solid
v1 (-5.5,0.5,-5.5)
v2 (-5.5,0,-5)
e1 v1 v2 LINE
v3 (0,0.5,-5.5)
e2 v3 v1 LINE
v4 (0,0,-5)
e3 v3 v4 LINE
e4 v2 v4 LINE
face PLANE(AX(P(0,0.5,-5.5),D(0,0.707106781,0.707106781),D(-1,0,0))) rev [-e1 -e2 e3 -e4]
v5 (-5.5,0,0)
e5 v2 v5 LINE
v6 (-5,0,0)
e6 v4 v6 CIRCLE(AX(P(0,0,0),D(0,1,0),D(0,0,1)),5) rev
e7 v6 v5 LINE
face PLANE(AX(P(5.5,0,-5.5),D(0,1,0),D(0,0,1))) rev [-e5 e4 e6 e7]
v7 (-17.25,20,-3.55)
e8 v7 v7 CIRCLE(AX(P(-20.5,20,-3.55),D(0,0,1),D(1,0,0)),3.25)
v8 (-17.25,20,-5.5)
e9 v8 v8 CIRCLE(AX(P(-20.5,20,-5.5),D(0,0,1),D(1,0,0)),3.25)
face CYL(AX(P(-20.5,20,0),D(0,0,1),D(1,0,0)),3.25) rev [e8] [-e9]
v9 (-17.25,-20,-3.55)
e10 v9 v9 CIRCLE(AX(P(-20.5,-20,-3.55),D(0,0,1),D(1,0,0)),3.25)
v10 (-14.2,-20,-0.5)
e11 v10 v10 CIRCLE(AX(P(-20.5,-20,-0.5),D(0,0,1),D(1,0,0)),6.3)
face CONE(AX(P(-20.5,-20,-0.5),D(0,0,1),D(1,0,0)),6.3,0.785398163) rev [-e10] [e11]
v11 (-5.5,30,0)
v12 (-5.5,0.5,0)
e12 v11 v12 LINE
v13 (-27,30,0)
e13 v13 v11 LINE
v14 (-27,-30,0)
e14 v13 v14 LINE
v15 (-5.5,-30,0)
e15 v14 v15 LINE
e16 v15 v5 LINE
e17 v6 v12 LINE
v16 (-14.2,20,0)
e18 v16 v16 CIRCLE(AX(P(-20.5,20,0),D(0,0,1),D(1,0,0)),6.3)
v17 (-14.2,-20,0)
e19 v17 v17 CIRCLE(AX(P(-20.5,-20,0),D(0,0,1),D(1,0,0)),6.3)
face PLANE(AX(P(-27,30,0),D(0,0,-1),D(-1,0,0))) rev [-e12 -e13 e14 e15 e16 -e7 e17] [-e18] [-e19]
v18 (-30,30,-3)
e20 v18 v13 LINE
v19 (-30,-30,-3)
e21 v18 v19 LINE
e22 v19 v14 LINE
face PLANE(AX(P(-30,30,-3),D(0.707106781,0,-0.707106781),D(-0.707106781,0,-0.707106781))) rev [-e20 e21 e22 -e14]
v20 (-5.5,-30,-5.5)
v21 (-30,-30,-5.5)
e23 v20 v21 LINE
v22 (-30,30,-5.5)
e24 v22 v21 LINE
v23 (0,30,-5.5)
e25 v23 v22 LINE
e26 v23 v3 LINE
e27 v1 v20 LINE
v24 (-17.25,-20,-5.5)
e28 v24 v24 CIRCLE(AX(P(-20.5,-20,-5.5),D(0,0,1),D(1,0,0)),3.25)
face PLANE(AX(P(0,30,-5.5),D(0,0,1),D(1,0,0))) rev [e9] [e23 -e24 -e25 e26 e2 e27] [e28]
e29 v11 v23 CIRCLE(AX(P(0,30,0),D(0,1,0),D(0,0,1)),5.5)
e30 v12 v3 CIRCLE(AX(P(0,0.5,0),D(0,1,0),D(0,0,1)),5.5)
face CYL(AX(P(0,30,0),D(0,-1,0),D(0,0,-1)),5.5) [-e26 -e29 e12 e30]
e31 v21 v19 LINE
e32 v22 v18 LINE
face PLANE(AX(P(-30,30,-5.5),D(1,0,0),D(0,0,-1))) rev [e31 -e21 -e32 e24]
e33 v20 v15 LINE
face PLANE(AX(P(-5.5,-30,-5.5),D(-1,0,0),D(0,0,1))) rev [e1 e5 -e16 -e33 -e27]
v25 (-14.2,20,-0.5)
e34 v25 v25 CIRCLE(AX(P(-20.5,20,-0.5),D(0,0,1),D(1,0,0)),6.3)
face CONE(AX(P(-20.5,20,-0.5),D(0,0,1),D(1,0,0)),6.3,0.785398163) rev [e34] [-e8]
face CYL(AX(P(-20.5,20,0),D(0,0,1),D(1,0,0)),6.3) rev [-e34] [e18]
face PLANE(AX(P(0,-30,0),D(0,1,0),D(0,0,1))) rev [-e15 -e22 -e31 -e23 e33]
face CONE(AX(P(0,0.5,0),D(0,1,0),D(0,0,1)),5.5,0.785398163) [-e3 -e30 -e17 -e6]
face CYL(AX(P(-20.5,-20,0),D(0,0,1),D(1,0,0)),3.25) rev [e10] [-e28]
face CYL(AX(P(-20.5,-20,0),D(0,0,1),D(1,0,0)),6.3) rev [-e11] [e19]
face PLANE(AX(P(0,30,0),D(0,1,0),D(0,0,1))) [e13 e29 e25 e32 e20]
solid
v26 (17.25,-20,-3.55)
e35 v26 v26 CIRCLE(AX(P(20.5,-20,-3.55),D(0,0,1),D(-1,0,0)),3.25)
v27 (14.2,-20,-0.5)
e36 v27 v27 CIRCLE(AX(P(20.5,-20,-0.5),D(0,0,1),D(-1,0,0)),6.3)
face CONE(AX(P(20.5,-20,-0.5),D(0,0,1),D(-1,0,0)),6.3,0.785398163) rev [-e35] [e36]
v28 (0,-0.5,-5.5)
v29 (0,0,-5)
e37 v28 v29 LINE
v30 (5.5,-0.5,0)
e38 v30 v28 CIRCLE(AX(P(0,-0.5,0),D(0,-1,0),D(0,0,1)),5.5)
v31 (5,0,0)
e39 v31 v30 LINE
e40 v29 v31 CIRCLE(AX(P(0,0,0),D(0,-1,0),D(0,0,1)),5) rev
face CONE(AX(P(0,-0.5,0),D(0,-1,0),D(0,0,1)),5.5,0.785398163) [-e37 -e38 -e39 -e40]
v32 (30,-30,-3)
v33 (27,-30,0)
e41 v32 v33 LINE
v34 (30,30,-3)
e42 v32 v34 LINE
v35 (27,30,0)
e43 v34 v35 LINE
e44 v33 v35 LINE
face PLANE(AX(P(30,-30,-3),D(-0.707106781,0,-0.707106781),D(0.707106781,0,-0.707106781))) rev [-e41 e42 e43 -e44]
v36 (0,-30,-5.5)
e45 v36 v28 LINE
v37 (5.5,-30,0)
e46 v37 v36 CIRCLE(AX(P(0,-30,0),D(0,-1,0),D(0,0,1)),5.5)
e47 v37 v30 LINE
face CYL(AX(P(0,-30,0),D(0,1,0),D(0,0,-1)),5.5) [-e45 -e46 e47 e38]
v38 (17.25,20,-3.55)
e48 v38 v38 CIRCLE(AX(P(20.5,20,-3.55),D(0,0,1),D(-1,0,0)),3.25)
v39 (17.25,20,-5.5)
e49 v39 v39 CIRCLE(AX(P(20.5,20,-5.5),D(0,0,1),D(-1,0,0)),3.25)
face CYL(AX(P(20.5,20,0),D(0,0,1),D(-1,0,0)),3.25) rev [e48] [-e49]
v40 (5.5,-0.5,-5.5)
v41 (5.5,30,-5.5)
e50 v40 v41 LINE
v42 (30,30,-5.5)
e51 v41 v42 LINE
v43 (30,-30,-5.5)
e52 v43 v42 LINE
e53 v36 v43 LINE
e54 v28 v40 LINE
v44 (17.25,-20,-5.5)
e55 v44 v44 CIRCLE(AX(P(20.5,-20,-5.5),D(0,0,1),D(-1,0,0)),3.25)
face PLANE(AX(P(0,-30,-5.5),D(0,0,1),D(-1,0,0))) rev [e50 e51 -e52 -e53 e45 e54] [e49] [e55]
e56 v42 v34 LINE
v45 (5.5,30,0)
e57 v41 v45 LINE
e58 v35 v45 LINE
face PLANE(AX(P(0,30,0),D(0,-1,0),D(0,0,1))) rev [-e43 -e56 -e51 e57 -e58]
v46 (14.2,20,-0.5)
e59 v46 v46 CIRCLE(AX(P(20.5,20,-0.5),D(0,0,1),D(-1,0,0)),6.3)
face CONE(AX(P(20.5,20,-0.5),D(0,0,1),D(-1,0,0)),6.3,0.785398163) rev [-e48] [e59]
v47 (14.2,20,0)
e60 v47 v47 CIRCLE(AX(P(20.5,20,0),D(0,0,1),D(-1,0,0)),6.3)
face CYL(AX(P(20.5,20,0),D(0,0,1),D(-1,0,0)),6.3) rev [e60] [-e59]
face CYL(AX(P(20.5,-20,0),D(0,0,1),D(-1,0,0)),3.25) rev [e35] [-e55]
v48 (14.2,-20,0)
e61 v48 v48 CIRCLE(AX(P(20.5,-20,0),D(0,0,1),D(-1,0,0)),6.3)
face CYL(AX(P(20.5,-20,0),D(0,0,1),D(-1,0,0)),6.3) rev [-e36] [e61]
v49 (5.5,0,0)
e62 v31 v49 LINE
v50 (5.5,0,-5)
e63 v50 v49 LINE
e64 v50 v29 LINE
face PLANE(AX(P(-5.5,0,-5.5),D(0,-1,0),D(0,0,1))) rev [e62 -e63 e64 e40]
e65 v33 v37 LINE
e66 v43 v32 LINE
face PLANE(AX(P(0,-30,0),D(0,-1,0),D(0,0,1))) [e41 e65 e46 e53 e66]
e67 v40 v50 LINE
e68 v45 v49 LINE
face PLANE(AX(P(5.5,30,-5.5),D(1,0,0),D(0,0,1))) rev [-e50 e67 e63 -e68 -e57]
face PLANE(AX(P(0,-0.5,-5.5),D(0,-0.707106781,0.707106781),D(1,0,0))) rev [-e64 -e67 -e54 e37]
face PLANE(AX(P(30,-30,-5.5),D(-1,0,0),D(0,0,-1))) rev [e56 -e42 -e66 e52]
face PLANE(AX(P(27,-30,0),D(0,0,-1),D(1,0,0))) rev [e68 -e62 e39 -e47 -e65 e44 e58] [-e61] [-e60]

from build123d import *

# Parameters (mm, degrees)
EXTRUDE_1_DEPTH            = 30
SKETCH_3_W                 = 11
SKETCH_3_H                 = 30
CUT_EXTRUDE_1_DEPTH        = 6.5
CUT_EXTRUDE_1_DEPTH_BACK   = 6.5
HOLE_WIZARD_M61_AT_2_COUNT = 2
HOLE_WIZARD_M61_AT_2_PITCH = 40
CHAMFER_1_SIZE             = 0.5
PATTERN_CIRCULAR_1_COUNT   = 2


with BuildPart() as part:
    # Эскиз1 → Бобышка-Вытянуть1 (new body, symmetric)
    with BuildSketch(Plane(origin=(0, 0, 0), x_dir=(1, 0, 0), z_dir=(0, 1, 0))):
        with BuildLine():
            Line((0, 5.5), (-30, 5.5))
            Line((-30, 5.5), (-30, 3))
            Line((-30, 3), (-27, 0))
            Line((-27, 0), (-5.5, 0))
            ThreePointArc((-5.5, 0), (3.889087297, -3.889087297), (0, 5.5))
        make_face()
    extrude(amount=EXTRUDE_1_DEPTH, both=True)

    # Эскиз3 → Вырез-Вытянуть1 (cut, two sides)
    with BuildSketch(Plane.XY) as cut_extrude_1_sk:
        with Locations((0, -15)):
            Rectangle(SKETCH_3_W, SKETCH_3_H)
    extrude(amount=CUT_EXTRUDE_1_DEPTH, mode=Mode.SUBTRACT)
    extrude(cut_extrude_1_sk.sketch, amount=-CUT_EXTRUDE_1_DEPTH_BACK, mode=Mode.SUBTRACT)

    # Эскиз6 → Зенковка для винта с полупотайной головкой M61 (revolve, cut)
    with BuildSketch(Plane(origin=(-20.5, 20, 0), x_dir=(0, -1, 0), z_dir=(1, 0, 0))):
        Polygon((0, 0), (0, 5.5), (3.25, 5.5), (3.25, 3.55), (6.3, 0.5), (6.3, 0), align=None)
    hole_wizard_m61 = revolve(axis=Axis((-20.5, 20, 6.35), (0, 0, -1)), mode=Mode.SUBTRACT)

    # Зенковка для винта с полупотайной головкой M61 at 2: Зенковка для винта с полупотайной головкой M61 ×2
    with Locations(*[(0, -i * HOLE_WIZARD_M61_AT_2_PITCH, 0) for i in range(1, HOLE_WIZARD_M61_AT_2_COUNT)]):
        add(hole_wizard_m61, mode=Mode.SUBTRACT)

    # Фаска1
    chamfer_1_edges = [part.edges().sort_by_distance(p)[0] for p in [
        (3.889087297, 0, 3.889087297),
        (-2.75, 0, -5.5),
    ]]
    chamfer(chamfer_1_edges, length=CHAMFER_1_SIZE)


with BuildPart() as pattern_circular_1_1:
    # Круговой массив1: pattern copy
    add(part.part.rotate(Axis((0, 0, 0), (0, 0, 1)), 1 * 360 / PATTERN_CIRCULAR_1_COUNT))


solid = Compound([part.part, pattern_circular_1_1.part])
